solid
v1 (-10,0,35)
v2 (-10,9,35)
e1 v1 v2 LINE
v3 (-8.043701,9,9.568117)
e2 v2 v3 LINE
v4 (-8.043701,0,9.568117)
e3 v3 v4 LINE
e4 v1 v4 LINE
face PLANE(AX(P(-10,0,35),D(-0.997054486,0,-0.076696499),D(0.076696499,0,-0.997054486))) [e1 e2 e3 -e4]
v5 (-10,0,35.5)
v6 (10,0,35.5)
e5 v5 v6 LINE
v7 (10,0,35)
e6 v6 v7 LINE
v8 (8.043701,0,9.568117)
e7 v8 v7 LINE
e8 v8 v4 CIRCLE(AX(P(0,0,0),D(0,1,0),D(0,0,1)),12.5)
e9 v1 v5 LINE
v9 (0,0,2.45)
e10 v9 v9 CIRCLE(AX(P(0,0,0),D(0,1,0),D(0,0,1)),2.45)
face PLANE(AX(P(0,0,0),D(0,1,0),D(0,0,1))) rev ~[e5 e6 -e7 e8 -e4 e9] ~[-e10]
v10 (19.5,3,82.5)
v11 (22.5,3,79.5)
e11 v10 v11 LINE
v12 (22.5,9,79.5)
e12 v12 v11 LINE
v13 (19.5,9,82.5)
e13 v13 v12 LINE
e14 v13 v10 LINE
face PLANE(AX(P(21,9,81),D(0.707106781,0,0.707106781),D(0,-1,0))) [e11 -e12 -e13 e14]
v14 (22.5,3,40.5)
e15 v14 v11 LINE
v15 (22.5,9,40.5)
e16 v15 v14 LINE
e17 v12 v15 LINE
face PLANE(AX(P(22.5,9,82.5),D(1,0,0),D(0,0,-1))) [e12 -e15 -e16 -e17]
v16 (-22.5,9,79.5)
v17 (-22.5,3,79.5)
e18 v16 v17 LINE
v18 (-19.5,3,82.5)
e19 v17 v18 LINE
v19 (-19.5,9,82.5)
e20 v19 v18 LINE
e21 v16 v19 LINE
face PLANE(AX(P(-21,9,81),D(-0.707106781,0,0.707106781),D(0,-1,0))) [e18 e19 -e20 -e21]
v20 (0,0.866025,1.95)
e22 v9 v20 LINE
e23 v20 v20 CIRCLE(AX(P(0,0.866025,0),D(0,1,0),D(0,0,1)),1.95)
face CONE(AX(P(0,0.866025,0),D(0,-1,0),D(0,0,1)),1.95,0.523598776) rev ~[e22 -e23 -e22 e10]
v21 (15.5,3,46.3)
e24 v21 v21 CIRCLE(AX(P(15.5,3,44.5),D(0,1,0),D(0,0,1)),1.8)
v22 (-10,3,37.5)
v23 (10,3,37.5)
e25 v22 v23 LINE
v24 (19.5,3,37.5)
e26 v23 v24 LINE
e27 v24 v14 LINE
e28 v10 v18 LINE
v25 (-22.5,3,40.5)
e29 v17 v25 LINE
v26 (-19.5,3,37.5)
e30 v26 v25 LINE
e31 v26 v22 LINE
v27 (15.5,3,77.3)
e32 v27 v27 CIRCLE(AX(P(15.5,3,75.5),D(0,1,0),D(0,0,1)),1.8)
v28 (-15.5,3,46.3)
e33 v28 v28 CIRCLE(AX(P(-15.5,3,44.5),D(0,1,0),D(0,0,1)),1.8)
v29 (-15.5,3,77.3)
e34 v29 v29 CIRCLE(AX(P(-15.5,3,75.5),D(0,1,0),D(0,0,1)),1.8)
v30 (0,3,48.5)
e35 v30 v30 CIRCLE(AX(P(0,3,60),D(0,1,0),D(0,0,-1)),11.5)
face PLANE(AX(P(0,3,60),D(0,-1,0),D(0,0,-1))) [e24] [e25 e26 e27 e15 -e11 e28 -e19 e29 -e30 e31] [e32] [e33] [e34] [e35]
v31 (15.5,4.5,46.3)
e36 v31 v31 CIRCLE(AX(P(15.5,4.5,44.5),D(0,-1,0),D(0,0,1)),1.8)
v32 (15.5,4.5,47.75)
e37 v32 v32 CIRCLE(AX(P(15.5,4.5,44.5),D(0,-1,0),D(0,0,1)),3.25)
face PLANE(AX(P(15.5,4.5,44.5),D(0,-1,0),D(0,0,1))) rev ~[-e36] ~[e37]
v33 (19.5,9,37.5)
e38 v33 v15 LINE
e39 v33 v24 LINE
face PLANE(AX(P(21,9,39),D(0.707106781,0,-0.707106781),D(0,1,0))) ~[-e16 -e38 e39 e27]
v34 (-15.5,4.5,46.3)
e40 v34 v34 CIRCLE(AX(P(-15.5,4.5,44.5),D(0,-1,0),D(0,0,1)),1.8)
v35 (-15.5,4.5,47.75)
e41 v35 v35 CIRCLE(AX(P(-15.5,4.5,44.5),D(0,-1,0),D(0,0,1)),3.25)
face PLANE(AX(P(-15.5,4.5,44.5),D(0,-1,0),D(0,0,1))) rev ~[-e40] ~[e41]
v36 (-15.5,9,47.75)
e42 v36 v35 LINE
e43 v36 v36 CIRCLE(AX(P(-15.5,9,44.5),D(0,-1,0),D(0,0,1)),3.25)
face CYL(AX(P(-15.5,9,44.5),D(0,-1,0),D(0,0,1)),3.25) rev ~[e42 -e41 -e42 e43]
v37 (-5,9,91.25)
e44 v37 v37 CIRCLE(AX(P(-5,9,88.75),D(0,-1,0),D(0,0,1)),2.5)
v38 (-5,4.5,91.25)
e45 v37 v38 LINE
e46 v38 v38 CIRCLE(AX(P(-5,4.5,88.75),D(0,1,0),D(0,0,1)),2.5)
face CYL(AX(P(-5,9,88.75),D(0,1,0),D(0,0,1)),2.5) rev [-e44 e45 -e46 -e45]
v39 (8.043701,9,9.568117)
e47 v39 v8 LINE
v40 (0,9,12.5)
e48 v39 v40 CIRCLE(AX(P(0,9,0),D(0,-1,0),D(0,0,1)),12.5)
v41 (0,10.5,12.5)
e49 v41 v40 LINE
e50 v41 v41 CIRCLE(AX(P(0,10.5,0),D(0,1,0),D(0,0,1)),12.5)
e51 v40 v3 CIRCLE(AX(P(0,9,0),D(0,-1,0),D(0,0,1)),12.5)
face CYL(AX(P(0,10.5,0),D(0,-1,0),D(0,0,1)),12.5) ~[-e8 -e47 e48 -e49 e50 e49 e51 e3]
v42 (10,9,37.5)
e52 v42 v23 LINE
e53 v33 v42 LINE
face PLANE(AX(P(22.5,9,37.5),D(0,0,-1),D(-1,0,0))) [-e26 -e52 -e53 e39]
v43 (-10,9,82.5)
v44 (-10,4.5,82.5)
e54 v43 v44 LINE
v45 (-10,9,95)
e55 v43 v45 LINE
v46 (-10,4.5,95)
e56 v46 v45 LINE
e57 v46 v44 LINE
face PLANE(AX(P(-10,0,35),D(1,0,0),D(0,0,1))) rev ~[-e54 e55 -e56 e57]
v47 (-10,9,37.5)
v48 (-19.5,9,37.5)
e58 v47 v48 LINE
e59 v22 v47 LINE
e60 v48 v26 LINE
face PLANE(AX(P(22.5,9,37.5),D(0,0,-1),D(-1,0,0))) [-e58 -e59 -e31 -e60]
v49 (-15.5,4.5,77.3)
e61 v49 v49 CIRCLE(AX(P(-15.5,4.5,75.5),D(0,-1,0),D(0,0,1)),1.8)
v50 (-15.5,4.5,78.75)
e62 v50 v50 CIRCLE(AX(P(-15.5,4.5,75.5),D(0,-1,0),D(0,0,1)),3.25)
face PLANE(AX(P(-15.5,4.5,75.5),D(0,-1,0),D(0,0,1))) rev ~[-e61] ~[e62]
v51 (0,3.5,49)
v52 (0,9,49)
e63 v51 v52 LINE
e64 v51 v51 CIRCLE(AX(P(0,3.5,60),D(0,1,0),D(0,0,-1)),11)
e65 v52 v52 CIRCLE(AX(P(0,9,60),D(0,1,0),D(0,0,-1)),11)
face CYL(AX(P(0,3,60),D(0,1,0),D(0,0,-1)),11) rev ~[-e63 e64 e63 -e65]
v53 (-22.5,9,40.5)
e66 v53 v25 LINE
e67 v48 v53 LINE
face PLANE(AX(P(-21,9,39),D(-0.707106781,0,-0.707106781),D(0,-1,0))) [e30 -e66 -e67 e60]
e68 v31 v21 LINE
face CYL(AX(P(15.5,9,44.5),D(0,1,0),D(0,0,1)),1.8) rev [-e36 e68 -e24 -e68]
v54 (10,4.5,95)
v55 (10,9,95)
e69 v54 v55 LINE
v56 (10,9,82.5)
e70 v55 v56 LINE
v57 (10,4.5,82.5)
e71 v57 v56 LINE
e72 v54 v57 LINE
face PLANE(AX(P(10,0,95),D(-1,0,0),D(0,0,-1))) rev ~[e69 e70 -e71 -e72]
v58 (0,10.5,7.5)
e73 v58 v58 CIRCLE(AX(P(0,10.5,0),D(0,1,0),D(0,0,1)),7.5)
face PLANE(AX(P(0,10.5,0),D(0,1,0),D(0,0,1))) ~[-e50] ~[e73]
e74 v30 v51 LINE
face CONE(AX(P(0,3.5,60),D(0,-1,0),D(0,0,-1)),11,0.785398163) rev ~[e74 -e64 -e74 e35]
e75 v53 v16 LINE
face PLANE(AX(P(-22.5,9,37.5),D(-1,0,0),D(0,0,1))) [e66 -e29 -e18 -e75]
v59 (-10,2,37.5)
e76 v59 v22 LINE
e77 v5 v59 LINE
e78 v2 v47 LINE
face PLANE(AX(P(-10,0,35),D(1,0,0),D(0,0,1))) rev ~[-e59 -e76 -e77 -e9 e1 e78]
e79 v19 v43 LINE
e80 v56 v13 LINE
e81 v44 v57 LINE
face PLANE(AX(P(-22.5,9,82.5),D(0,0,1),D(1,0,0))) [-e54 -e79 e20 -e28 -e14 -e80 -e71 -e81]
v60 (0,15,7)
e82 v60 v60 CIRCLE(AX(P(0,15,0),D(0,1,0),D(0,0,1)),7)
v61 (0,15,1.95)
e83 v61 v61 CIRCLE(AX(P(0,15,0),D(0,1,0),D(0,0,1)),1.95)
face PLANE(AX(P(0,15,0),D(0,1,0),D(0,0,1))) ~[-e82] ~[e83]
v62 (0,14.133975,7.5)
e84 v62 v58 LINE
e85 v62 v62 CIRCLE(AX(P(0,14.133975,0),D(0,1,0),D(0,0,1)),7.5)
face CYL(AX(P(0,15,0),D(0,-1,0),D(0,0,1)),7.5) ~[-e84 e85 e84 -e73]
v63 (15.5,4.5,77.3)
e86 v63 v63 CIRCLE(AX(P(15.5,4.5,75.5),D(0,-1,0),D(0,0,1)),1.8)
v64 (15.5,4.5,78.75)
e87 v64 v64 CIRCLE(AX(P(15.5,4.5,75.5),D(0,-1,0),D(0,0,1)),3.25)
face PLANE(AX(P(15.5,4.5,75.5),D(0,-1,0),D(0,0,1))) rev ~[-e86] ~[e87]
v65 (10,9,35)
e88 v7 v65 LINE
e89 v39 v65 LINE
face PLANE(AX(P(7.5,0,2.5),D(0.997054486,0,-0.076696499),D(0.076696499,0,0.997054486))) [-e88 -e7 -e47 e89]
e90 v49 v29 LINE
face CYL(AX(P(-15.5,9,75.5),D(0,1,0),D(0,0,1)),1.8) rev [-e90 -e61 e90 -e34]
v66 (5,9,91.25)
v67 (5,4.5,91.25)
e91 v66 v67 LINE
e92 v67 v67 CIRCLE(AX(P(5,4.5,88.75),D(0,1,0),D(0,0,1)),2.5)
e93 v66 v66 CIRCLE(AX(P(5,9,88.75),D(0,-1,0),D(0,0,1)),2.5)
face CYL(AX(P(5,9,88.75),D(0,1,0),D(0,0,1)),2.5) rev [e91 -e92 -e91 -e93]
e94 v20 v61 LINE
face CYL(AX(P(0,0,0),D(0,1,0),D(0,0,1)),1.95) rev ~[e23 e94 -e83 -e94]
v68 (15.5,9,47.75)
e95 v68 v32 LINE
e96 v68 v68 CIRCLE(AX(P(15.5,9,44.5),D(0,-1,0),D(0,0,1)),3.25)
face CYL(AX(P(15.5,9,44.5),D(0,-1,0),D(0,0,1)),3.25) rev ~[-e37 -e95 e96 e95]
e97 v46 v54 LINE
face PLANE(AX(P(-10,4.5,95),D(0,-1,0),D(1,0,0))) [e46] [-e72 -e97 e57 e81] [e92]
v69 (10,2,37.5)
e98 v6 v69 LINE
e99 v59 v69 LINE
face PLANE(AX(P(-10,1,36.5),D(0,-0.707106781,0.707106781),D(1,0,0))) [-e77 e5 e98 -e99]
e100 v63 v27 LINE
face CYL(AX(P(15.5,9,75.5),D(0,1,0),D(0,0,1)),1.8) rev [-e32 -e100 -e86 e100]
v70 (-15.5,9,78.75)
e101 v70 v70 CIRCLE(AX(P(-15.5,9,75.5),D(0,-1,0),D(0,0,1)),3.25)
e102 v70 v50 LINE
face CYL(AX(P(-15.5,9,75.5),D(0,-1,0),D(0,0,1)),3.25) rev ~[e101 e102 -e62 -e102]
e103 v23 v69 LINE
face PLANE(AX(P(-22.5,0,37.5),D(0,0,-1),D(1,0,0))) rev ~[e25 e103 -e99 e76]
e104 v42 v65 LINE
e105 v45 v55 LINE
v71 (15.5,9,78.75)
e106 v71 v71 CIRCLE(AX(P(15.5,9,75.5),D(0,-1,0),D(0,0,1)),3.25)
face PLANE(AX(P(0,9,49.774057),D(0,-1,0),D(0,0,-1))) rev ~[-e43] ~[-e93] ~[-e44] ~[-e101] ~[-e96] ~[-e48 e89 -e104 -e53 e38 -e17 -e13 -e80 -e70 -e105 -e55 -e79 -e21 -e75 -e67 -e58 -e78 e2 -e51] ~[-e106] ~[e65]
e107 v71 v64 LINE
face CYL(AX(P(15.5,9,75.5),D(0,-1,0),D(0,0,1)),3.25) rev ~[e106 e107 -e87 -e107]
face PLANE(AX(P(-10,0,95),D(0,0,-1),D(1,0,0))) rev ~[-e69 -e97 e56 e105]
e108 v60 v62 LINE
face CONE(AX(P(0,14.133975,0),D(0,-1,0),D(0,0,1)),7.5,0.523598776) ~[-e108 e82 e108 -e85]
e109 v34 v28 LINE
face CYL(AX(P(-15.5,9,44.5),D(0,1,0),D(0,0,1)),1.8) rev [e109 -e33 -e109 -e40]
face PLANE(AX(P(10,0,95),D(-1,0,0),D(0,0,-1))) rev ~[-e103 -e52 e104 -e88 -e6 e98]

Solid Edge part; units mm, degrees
sketch "Sketch1" plane through (0, 0, 0) normal (1, 0, 0) x (0, 1, 0)
  line L0 (0, 1.95) -> (15, 1.95)
  line L1 (15, 1.95) -> (15, 7.5)
  line L2 (15, 7.5) -> (10.5, 7.5)
  line L3 (10.5, 7.5) -> (10.5, 12.5)
  line L4 (10.5, 12.5) -> (0, 12.5)
  line L5 (0, 12.5) -> (0, 1.95)
  dimension "D1" = 10.5
  dimension "D2" = 4.5
revolve "RevolvedProtrusion1" add sketch "Sketch1" angle 360 about axis through (0, -60, 0) along (0, 1, 0)
chamfer "Chamfer_1" distance 0.5 angle 60 1 edges at (0, 15, 7.5) measured on face at (-4.85, 15, 5.15)
sketch "Sketch2" plane through (0, 0, 0) normal (0, -1, 0) x (1, 0, 0)
  line L0 (-7.5, 2.5) -> (7.5, 2.5)
  line L1 (7.5, 2.5) -> (10, 35)
  line L2 (10, 95) -> (10, 35)
  line L3 (-10, 95) -> (10, 95)
  line L4 (-10, 35) -> (-10, 95)
  line L5 (-10, 35) -> (-7.5, 2.5)
  dimension "D1" = 20
  dimension "D2" = 2.5
  dimension "D3" = 15
  dimension "D4" = 95
  dimension "D5" = 35
extrude "ExtrudedProtrusion_1" add sketch "Sketch2" against normal blind 9
chamfer "Chamfer_2" distance 0.5 angle 60 1 edges at (0, 0, 1.95) measured on face at (-8.0833, 0, 4.3417)
sketch "Sketch3" plane through (0, 9, 43.7496) normal (0, 1, 0) x (0, 0, -1)
  line L0 (-38.7504, 22.5) -> (-38.7504, -22.5)
  line L1 (-38.7504, -22.5) -> (6.2496, -22.5)
  line L2 (6.2496, -22.5) -> (6.2496, 22.5)
  line L3 (6.2496, 22.5) -> (-38.7504, 22.5)
  dimension "D1" = 60
  dimension "D2" = 45
extrude "ExtrudedProtrusion_2" add sketch "Sketch3" against normal blind 9
sketch "Sketch4" plane through (0, 0, 36.25) normal (0, -1, 0) x (0, 0, 1)
  line L0 (1.25, -22.5) -> (46.25, -22.5)
  line L1 (46.25, -22.5) -> (46.25, 22.5)
  line L2 (46.25, 22.5) -> (1.25, 22.5)
  line L3 (1.25, 22.5) -> (1.25, -22.5)
extrude "ExtrudedCutout_1" cut sketch "Sketch4" against normal blind 3
hole "Hole_1" at (0, 3, 60) direction (0, 1, 0) diameter 8 end up to next
hole "Hole_2" at (15.5, 9, 75.5) direction (0, -1, 0) diameter 3.6 end up to next counterbore diameter 6.5 counterbore depth 4.5
hole "Hole1" at (-15.5, 9, 75.5) direction (0, -1, 0) diameter 3.6 end up to next counterbore diameter 6.5 counterbore depth 4.5
hole "Hole2" at (-15.5, 9, 44.5) direction (0, -1, 0) diameter 3.6 end up to next counterbore diameter 6.5 counterbore depth 4.5
hole "Hole3" at (15.5, 9, 44.5) direction (0, -1, 0) diameter 3.6 end up to next counterbore diameter 6.5 counterbore depth 4.5
sketch "Sketch5" plane through (0, 4.5, 95) normal (0, 0, 1) x (0, 1, 0)
  line L0 (-4.5, 10) -> (0, 10)
  line L1 (0, 10) -> (0, -10)
  line L2 (0, -10) -> (-4.5, -10)
  line L3 (-4.5, -10) -> (-4.5, 10)
extrude "ExtrudedCutout_2" cut sketch "Sketch5" against normal blind 12.5
hole "Hole_6" at (5, 9, 88.75) direction (0, -1, 0) diameter 5 end up to next
hole "Hole4" at (-5, 9, 88.75) direction (0, -1, 0) diameter 5 end up to next
chamfer "Chamfer_3" distance 3 angle 45 4 edges at (22.5, 6, 37.5) (22.5, 6, 82.5) (-22.5, 6, 82.5) (-22.5, 6, 37.5)
chamfer "Chamfer_4" distance 2 angle 45 1 edges at (0, 0, 37.5)
hole "Hole_8" at (0, 3, 60) direction (0, 1, 0) diameter 22 depth 50.8
chamfer "Chamfer_5" distance 0.5 angle 45 1 edges at (0, 3, 71)
properties material "Polyethylene, low density"
